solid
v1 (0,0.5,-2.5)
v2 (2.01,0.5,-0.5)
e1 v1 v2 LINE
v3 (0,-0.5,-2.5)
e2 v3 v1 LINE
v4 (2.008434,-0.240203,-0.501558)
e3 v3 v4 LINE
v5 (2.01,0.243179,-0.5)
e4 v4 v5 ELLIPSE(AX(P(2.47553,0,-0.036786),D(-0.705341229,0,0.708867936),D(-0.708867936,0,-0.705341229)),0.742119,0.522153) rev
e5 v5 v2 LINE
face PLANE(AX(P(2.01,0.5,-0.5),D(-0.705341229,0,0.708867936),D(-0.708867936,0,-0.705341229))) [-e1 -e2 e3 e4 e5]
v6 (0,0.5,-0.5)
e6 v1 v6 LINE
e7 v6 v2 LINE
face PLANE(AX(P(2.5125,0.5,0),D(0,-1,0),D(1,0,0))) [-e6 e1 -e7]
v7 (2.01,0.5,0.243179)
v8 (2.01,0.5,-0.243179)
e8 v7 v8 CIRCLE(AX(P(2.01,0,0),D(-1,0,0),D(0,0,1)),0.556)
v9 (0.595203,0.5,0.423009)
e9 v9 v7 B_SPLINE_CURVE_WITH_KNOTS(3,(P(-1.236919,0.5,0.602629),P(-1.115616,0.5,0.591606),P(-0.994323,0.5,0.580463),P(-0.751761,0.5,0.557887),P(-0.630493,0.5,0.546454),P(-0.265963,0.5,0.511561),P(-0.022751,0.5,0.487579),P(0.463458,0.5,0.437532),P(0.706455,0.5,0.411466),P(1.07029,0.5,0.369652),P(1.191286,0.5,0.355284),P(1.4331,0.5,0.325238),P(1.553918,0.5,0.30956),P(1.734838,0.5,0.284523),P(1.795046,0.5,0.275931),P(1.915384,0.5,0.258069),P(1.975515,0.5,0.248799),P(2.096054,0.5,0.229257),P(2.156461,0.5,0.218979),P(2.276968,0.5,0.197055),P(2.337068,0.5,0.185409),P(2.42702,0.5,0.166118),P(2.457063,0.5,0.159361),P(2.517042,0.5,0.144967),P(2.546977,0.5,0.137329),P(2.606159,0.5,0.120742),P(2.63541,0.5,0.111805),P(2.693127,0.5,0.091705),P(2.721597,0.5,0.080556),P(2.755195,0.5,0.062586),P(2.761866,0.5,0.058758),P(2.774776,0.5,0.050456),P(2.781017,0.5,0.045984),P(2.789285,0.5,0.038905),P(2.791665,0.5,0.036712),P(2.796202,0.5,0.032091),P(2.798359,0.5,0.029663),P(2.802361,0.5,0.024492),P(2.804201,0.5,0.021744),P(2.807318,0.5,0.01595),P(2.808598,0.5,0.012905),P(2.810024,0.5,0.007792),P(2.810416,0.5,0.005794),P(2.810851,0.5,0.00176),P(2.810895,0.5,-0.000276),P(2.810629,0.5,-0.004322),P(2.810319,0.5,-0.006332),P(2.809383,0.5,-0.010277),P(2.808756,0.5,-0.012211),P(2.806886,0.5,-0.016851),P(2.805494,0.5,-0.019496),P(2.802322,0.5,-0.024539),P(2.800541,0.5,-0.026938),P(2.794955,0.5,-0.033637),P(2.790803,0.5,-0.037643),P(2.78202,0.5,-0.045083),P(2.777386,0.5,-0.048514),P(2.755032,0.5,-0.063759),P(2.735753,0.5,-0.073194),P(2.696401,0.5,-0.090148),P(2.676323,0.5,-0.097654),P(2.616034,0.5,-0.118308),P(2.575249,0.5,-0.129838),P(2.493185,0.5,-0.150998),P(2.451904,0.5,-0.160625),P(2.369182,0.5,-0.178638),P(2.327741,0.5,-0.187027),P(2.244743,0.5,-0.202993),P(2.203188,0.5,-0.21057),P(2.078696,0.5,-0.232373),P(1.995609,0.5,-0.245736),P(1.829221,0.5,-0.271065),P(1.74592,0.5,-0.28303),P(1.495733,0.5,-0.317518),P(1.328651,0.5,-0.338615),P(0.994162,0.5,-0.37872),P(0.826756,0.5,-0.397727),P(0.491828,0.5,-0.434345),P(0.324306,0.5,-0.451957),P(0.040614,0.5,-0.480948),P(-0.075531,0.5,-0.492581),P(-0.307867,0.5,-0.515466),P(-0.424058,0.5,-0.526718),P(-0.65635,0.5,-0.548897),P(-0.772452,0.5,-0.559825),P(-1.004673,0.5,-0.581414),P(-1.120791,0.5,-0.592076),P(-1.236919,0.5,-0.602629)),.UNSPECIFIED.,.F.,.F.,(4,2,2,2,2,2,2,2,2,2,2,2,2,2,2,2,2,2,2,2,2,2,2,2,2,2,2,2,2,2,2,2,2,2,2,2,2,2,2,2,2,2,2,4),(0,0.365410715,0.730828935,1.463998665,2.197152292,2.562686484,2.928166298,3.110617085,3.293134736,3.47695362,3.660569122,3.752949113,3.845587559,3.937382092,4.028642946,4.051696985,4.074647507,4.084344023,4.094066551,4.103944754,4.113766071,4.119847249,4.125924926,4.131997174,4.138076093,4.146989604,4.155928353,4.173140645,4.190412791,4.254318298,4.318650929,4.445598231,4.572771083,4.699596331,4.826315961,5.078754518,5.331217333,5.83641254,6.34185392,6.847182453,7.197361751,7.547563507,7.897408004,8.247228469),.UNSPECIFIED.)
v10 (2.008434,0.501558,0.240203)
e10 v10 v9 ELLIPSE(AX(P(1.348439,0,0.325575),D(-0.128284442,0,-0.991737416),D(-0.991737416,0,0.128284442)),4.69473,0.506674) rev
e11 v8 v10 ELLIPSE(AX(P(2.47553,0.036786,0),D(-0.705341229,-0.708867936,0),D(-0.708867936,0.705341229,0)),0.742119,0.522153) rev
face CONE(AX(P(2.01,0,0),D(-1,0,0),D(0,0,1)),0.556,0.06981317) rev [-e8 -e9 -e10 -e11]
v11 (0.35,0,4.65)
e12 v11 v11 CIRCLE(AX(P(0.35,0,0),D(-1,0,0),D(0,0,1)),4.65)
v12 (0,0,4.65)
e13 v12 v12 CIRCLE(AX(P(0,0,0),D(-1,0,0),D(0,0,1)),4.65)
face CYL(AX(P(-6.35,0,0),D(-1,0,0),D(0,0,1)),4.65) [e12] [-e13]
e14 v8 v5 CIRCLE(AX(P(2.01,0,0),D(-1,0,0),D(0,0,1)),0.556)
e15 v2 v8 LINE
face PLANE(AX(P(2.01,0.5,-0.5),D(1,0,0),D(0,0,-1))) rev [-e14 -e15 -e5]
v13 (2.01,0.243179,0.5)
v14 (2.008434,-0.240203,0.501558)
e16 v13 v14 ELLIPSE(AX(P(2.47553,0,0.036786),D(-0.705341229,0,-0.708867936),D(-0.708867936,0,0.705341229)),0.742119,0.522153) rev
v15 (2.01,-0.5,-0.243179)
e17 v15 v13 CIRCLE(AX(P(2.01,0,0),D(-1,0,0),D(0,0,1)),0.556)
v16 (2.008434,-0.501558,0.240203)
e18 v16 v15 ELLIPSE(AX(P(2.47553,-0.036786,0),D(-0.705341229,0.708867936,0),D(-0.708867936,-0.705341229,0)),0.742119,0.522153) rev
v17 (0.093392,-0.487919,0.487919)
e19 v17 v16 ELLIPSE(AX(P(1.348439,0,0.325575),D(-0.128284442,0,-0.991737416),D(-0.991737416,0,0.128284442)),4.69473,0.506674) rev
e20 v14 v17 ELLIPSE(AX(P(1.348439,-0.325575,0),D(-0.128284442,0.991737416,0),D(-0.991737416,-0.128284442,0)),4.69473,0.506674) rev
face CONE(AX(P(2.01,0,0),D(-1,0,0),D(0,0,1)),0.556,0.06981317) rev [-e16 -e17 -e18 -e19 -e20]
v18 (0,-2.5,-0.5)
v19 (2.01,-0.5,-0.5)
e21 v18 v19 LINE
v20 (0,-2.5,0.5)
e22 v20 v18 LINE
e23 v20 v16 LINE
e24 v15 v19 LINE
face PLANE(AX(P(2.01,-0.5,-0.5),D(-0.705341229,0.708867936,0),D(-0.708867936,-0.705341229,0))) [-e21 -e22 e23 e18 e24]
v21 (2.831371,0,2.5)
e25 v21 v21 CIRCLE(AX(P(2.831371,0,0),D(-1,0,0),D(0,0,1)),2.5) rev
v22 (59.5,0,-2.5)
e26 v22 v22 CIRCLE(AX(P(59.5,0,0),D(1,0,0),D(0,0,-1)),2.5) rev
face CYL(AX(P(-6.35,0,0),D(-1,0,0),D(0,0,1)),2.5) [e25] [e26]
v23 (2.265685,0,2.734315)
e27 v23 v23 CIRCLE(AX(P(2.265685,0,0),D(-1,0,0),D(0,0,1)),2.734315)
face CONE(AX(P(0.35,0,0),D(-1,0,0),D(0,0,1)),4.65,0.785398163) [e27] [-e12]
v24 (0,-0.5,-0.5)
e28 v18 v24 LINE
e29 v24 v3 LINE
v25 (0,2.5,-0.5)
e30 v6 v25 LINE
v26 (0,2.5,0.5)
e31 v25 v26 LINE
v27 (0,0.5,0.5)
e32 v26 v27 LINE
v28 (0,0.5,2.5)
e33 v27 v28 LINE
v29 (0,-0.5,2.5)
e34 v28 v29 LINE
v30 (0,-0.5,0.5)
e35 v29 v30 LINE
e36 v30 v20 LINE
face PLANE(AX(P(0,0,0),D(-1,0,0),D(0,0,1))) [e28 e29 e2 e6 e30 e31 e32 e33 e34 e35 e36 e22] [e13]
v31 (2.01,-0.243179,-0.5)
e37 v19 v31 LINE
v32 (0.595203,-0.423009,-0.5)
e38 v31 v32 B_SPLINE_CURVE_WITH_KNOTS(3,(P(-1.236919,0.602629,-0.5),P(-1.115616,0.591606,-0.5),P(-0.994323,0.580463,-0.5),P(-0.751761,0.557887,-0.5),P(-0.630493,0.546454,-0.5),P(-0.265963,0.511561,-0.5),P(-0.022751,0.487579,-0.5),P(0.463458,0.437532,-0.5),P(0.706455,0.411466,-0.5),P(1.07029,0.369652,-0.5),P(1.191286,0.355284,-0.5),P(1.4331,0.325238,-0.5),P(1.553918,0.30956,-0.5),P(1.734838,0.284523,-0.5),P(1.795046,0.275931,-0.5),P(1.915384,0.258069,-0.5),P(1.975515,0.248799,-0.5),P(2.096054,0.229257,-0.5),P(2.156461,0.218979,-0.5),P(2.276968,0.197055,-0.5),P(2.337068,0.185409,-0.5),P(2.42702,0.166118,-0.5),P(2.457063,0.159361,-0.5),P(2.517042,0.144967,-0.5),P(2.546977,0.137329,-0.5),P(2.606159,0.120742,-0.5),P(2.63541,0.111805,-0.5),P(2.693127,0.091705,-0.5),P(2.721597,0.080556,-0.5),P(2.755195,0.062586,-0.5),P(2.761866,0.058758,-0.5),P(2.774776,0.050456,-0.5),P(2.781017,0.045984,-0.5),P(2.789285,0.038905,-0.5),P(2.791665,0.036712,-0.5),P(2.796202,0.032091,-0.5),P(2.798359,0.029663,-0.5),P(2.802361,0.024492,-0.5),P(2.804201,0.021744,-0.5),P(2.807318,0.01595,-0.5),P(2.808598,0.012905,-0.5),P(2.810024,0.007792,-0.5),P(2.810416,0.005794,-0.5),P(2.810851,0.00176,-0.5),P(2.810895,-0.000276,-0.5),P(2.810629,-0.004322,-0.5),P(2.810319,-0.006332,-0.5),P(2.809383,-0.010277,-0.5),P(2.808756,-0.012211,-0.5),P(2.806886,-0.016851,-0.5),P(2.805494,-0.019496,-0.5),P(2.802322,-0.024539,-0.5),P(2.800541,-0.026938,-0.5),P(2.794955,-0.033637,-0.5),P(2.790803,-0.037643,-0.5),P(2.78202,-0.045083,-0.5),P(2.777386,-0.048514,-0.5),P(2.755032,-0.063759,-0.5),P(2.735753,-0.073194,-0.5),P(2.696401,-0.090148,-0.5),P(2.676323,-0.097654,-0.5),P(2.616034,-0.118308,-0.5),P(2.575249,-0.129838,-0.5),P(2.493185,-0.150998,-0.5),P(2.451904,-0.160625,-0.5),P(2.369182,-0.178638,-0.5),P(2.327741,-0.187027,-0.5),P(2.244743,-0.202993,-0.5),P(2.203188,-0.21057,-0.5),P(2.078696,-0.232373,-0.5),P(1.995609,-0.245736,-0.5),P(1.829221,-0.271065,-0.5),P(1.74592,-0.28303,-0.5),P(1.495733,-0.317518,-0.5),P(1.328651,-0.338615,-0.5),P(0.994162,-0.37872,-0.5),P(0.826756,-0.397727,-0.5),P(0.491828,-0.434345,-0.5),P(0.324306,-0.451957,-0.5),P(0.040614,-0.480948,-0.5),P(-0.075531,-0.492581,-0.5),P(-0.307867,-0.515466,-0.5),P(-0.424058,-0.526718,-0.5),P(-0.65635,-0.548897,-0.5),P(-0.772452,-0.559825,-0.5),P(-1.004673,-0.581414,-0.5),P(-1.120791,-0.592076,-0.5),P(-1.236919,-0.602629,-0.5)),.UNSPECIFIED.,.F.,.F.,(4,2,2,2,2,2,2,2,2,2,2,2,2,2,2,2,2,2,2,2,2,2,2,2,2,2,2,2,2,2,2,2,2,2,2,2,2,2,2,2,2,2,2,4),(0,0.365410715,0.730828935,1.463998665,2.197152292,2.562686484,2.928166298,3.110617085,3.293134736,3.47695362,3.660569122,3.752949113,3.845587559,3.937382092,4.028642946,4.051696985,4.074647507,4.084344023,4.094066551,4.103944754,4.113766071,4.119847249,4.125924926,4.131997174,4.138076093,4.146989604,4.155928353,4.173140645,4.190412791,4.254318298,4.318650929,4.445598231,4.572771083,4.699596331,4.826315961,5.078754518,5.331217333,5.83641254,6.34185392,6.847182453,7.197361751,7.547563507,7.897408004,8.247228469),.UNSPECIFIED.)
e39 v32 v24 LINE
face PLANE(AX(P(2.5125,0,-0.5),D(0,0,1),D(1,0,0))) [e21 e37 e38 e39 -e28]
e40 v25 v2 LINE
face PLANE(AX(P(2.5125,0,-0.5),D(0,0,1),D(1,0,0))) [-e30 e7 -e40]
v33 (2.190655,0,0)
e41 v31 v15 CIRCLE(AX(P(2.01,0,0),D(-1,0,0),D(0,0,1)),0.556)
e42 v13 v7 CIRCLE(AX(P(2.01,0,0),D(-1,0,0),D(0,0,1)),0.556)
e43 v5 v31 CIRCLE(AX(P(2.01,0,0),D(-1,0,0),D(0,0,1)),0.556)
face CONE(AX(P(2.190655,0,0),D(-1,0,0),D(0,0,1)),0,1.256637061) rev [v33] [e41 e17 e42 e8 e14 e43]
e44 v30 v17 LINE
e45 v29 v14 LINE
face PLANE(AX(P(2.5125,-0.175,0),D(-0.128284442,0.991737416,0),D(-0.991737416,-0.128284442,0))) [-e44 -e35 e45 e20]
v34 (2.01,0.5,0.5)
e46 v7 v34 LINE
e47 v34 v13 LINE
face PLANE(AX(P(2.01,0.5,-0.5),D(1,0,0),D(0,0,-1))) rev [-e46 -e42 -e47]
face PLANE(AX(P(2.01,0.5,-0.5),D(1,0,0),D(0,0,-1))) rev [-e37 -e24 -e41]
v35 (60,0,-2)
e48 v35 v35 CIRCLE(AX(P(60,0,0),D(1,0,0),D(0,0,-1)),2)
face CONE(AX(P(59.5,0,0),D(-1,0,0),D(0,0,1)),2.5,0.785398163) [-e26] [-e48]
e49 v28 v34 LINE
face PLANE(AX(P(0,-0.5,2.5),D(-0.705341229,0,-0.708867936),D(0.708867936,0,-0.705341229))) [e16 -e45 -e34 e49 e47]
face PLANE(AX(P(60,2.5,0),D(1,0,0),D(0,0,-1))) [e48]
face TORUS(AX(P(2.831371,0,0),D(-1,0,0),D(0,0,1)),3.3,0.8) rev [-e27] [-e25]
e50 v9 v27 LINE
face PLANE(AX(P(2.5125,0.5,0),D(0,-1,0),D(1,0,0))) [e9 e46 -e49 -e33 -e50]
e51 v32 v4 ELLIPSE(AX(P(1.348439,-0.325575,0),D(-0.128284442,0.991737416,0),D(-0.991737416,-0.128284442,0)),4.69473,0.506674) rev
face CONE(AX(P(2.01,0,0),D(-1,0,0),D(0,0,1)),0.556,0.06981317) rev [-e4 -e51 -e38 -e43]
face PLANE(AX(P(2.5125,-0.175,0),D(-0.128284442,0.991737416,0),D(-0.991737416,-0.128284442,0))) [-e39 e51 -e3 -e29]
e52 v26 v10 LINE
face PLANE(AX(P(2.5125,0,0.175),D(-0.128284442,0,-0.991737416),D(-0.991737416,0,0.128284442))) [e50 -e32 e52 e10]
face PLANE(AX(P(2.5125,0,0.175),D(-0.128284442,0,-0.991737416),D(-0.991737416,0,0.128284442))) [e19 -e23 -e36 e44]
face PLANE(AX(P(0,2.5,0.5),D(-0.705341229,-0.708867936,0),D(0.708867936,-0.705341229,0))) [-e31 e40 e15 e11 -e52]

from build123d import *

# Parameters (mm, degrees)
FILLET1_R       = 0.8
SKETCH3_W       = 1
SKETCH3_H       = 5
SKETCH4_W       = 0.74
SKETCH4_H       = 1
RECPAT_COUNT    = 2
RECPAT_ANGLE    = 90
CHANFREIN1_SIZE = 0.5


with BuildPart() as part:
    # BodySke → Base-Revolve (revolve)
    with BuildSketch(Plane.XY, mode=Mode.PRIVATE) as base_revolve_sk:
        Polygon((0, 0), (0, 4.65), (0.35, 4.65), (2.5, 2.5), (60, 2.5), (60, 0), align=None)
    revolve(base_revolve_sk.sketch.rotate(Axis((-6.35, 0, 0), (1, 0, 0)), 90), axis=Axis((-6.35, 0, 0), (1, 0, 0)))  # turned: the seam where the file's is

    # Fillet1
    fillet1_edges = [part.edges().sort_by_distance(p)[0] for p in [
        (2.5, 0, -2.5),
    ]]
    fillet(fillet1_edges, radius=FILLET1_R)

    # Sketch3 → Recess section 0
    with BuildSketch(Plane.ZY):
        Rectangle(SKETCH3_W, SKETCH3_H)
    # Sketch4 → Recess section 1
    with BuildSketch(Plane.ZY.offset(-2.01)):
        with Locations((-0.13, 0)):
            Rectangle(SKETCH4_W, SKETCH4_H)
    recess = loft(mode=Mode.SUBTRACT)

    # RecPat: Recess ×2 about axis
    recpat_axis = Axis((0, 0, 0), (1, 0, 0))
    for i in range(1, RECPAT_COUNT):
        add(recess.rotate(recpat_axis, i * RECPAT_ANGLE / (RECPAT_COUNT - 1)), mode=Mode.SUBTRACT)

    # RecCorSke → RecessCore (revolve, cut)
    with BuildSketch(Plane.XY, mode=Mode.PRIVATE) as recesscore_sk:
        Polygon((0, 0), (0, 0.696552892), (2.01, 0.556), (2.190655351, 0), align=None)
    revolve(recesscore_sk.sketch.rotate(Axis((-3.175, 0, 0), (1, 0, 0)), 90), axis=Axis((-3.175, 0, 0), (1, 0, 0)), mode=Mode.SUBTRACT)  # turned: the seam where the file's is

    # Chanfrein1
    chanfrein1_edges = [part.edges().sort_by_distance(p)[0] for p in [
        (60, 0, -2.5),
    ]]
    chamfer(chanfrein1_edges, length=CHANFREIN1_SIZE)


solid = part.part
